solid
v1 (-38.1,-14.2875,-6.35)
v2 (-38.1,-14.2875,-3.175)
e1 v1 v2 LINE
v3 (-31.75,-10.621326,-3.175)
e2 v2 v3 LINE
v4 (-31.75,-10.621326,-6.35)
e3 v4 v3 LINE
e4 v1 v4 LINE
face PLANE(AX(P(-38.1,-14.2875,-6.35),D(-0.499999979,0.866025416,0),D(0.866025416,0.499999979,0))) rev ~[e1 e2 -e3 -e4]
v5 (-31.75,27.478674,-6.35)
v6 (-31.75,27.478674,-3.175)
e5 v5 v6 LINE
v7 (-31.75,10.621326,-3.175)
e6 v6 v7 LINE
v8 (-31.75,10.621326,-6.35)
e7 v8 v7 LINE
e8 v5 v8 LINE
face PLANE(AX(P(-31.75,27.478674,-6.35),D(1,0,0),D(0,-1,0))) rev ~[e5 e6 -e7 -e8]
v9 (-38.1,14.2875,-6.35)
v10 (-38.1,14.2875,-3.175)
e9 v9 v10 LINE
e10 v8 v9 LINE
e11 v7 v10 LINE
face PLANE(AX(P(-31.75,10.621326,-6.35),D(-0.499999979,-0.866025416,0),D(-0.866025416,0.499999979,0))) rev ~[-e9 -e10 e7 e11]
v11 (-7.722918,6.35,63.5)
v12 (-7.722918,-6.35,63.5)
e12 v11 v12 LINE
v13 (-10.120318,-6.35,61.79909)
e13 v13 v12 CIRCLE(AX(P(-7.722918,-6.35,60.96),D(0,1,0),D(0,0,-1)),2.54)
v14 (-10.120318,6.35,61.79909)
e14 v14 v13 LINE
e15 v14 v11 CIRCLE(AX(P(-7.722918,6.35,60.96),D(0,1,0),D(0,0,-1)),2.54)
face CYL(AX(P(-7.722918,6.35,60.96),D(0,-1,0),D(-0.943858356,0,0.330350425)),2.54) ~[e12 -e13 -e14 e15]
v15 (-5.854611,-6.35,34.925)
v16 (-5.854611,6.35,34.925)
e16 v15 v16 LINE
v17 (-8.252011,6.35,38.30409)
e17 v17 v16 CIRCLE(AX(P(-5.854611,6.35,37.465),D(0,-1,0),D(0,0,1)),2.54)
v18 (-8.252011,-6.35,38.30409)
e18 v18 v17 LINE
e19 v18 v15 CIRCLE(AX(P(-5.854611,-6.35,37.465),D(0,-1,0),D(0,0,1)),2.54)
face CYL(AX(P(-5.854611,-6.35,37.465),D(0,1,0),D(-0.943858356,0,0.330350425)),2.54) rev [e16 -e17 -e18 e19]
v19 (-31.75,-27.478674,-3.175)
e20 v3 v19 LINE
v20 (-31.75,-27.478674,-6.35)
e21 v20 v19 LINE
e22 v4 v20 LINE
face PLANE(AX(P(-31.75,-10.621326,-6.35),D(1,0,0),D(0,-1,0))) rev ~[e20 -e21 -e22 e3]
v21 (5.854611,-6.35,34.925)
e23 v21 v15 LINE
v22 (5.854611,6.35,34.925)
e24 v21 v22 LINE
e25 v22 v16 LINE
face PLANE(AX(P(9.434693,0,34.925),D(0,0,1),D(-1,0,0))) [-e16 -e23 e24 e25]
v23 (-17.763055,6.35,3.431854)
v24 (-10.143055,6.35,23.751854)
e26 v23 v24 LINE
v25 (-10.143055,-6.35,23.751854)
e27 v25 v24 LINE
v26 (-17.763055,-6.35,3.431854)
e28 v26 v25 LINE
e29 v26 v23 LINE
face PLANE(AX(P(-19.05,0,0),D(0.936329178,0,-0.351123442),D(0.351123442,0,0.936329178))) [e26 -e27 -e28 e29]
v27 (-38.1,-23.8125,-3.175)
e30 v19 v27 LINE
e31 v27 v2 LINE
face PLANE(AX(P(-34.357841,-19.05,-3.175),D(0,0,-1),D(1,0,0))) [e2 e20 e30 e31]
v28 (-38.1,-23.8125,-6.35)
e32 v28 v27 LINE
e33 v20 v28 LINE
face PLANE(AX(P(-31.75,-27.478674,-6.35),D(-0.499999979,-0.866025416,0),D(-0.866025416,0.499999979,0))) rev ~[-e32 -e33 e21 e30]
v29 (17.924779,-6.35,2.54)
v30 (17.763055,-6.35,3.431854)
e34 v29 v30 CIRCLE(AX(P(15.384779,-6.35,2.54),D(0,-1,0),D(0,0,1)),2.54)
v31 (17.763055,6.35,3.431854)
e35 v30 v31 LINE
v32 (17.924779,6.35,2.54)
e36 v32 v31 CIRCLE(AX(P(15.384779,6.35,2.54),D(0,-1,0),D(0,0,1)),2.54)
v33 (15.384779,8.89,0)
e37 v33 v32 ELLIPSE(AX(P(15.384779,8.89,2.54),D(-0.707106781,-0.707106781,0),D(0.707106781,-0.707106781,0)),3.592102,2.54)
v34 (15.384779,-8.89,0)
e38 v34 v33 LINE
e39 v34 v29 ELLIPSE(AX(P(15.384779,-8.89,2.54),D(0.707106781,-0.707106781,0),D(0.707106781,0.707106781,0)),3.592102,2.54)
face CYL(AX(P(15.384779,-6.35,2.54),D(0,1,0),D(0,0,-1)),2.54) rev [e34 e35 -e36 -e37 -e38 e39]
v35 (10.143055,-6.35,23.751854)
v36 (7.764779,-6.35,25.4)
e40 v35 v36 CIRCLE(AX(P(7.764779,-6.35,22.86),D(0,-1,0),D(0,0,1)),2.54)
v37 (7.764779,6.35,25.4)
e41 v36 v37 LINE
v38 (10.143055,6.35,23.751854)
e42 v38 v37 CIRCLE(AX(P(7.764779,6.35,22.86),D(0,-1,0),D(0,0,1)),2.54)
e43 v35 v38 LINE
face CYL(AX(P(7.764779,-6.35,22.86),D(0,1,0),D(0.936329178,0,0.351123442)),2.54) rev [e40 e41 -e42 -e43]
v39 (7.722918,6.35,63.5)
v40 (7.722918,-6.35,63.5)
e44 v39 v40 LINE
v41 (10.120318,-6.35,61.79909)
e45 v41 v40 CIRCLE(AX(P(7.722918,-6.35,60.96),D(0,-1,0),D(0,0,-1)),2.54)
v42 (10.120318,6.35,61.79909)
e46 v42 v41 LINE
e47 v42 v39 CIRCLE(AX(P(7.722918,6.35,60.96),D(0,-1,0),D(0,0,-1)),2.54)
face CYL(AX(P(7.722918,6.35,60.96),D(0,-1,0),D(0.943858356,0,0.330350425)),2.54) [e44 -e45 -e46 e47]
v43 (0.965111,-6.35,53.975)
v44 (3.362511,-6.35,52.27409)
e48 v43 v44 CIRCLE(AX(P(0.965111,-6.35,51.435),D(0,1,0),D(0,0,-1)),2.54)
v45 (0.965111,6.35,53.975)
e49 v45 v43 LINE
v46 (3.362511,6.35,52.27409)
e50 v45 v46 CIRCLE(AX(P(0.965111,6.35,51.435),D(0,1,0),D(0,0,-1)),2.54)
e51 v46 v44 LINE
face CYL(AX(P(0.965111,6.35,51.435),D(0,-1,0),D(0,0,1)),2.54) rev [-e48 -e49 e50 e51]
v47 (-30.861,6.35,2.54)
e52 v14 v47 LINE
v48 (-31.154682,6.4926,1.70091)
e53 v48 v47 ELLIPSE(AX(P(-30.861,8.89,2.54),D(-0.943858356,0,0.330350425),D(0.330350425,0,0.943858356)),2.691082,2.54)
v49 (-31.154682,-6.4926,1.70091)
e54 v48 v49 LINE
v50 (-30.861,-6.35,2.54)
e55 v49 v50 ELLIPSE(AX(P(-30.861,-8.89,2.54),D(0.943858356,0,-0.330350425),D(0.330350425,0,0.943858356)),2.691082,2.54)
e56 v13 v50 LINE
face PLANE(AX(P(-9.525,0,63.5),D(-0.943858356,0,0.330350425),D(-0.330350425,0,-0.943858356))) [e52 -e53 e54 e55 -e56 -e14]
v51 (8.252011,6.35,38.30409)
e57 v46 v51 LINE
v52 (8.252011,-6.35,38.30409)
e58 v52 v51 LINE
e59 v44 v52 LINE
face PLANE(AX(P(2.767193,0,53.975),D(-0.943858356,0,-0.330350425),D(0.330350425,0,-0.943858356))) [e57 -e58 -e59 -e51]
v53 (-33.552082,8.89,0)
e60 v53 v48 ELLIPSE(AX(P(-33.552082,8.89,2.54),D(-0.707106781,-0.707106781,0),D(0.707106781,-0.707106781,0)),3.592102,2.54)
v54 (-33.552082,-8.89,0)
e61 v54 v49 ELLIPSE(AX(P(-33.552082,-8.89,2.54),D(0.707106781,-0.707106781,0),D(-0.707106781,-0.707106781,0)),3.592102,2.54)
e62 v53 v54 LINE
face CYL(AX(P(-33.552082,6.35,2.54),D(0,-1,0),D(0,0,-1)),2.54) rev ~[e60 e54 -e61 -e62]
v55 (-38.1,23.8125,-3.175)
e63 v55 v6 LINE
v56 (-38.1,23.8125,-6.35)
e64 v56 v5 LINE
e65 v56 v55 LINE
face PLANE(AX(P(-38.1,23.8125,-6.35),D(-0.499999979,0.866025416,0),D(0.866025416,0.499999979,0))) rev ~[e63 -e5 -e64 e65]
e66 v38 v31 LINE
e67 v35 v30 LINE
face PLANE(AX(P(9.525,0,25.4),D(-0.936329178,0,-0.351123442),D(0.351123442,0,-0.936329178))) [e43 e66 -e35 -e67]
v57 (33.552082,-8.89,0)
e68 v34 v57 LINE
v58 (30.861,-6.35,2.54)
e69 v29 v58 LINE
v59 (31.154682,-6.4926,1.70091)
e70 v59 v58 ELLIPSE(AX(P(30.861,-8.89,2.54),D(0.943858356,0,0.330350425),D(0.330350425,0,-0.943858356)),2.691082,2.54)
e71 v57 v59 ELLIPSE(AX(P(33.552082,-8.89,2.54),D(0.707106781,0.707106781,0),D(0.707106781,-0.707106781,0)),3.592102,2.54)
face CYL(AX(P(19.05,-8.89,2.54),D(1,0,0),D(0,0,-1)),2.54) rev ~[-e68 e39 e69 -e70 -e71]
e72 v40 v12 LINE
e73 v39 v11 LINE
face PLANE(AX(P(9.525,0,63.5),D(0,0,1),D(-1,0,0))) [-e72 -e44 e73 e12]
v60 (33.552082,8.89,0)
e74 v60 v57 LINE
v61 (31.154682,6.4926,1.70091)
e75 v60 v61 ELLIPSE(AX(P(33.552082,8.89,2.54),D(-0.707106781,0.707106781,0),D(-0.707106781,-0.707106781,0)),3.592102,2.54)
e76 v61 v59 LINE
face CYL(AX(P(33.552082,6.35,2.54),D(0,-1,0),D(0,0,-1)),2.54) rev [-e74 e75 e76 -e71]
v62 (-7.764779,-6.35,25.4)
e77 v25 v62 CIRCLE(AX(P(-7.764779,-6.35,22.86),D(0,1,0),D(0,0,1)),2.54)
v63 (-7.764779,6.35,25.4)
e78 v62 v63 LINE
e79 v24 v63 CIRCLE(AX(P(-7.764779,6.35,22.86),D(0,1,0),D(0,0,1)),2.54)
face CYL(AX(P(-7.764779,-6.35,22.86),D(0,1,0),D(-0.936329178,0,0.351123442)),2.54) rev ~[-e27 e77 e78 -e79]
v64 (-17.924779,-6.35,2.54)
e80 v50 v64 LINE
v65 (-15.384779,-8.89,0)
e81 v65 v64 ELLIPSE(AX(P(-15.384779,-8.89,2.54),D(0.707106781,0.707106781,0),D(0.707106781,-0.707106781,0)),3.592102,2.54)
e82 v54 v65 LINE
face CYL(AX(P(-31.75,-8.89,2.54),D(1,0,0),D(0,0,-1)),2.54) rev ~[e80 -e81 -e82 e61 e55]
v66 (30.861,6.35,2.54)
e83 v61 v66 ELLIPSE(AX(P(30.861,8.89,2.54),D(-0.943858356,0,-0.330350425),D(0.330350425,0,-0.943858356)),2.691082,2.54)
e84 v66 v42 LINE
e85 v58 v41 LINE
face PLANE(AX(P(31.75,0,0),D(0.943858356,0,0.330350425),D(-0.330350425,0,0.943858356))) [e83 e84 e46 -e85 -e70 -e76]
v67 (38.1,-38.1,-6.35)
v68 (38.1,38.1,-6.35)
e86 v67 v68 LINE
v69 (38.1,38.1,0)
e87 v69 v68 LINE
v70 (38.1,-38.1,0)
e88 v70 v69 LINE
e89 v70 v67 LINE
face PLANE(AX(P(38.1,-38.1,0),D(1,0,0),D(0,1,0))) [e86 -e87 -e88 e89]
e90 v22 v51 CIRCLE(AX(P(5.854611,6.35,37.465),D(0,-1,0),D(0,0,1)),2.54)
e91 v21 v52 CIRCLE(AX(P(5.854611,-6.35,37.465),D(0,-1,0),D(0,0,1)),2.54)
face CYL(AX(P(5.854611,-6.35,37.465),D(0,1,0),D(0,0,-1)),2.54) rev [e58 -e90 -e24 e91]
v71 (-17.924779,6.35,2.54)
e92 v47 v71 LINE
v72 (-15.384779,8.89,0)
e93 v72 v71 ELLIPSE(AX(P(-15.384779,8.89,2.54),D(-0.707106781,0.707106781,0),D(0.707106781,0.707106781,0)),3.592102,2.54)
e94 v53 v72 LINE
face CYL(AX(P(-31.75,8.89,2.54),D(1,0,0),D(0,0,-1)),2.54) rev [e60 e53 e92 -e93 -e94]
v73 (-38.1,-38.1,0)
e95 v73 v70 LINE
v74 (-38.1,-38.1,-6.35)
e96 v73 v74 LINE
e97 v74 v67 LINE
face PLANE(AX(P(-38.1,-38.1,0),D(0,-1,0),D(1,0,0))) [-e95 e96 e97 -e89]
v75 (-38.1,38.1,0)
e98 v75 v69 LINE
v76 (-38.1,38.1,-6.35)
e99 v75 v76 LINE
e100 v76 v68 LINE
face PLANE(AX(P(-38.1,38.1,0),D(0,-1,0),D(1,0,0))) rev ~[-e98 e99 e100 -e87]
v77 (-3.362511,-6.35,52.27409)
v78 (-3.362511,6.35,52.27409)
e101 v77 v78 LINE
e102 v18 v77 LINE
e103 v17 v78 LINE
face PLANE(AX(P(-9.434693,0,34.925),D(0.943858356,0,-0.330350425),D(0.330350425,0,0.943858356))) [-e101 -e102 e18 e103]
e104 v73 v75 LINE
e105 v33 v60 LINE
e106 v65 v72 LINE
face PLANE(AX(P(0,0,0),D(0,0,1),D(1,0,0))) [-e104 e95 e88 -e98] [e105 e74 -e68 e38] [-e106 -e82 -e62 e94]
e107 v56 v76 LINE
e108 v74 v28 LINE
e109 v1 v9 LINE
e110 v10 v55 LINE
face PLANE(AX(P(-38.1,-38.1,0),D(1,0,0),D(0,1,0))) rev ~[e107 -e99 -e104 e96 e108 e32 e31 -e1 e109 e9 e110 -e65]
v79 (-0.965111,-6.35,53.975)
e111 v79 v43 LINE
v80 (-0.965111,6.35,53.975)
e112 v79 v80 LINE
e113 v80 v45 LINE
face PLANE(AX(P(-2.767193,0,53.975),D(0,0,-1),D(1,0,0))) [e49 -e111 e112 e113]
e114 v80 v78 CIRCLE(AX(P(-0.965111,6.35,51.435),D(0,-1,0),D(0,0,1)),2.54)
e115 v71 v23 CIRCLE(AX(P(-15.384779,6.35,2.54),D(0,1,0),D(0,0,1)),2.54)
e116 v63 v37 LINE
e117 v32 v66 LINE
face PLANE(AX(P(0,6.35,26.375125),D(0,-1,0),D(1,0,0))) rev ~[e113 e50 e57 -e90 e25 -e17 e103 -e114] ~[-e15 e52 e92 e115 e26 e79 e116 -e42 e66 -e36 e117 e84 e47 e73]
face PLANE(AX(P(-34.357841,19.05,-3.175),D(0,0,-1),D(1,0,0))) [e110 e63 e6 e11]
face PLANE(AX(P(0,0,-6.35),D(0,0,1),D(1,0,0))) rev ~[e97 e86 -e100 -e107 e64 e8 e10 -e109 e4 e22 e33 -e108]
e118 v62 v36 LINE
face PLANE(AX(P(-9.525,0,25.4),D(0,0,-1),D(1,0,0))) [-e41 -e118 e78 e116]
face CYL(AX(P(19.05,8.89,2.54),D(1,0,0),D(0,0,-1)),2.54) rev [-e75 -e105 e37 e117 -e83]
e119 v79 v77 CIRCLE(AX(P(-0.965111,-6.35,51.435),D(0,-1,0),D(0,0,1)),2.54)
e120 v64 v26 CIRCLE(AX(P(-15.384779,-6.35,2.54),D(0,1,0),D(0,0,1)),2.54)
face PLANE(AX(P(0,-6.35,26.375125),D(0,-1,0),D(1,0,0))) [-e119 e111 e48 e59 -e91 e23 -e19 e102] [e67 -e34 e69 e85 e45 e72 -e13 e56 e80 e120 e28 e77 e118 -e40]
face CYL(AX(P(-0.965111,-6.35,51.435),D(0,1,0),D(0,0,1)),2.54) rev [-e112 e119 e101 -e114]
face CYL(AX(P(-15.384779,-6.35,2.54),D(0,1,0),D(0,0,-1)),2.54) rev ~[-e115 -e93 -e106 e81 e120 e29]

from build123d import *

# Parameters (mm, degrees)
F0_W     = 76.2
F0_H     = 76.2
F2_DEPTH = 6.35
F3_DEPTH = 6.35
F4_R     = 2.54
F6_DEPTH = 3.175


with BuildPart() as f2:
    # F0 (on Top) → F2 (new body)
    with BuildSketch(Plane.XY):
        Rectangle(F0_W, F0_H)
    extrude(amount=-F2_DEPTH)

    # F1 (on Front) → F3 (join, symmetric)
    with BuildSketch(Plane.XZ):
        Polygon((19.05, 0), (31.75, 0), (9.525, 63.5), (-9.525, 63.5), (-31.75, 0), (-19.05, 0), (-9.525, 25.4), (9.525, 25.4), align=None)
        Polygon((2.767193, 53.975), (9.434693, 34.925), (-9.434693, 34.925), (-2.767193, 53.975), align=None, mode=Mode.SUBTRACT)
    extrude(amount=F3_DEPTH, both=True)

    # F4
    f4_edges = [f2.edges().sort_by_distance(p)[0] for p in [
        (25.4, 6.35, 0),
        (19.05, 0, 0),
        (31.75, 0, 0),
        (25.4, -6.35, 0),
        (-25.4, -6.35, 0),
        (-19.05, 0, 0),
        (-25.4, 6.35, 0),
        (-31.75, 0, 0),
        (9.434693, 0, 34.925),
        (-9.434693, 0, 34.925),
        (2.767193, 0, 53.975),
        (-2.767193, 0, 53.975),
        (9.525, 0, 63.5),
        (-9.525, 0, 63.5),
        (9.525, 0, 25.4),
        (-9.525, 0, 25.4),
    ]]
    fillet(f4_edges, radius=F4_R)

    # F5 (on face) → F6 (cut)
    with BuildSketch(Plane(origin=(0, 0, -6.35), x_dir=(1, 0, 0), z_dir=(0, 0, -1))):
        Polygon((-38.1, -14.2875), (-38.1, -23.8125), (-31.75, -27.478674), (-31.75, -10.621326), align=None)
        Polygon((-31.75, 27.478674), (-38.1, 23.8125), (-38.1, 14.2875), (-31.75, 10.621326), align=None)
    extrude(amount=-F6_DEPTH, mode=Mode.SUBTRACT)


solid = f2.part
